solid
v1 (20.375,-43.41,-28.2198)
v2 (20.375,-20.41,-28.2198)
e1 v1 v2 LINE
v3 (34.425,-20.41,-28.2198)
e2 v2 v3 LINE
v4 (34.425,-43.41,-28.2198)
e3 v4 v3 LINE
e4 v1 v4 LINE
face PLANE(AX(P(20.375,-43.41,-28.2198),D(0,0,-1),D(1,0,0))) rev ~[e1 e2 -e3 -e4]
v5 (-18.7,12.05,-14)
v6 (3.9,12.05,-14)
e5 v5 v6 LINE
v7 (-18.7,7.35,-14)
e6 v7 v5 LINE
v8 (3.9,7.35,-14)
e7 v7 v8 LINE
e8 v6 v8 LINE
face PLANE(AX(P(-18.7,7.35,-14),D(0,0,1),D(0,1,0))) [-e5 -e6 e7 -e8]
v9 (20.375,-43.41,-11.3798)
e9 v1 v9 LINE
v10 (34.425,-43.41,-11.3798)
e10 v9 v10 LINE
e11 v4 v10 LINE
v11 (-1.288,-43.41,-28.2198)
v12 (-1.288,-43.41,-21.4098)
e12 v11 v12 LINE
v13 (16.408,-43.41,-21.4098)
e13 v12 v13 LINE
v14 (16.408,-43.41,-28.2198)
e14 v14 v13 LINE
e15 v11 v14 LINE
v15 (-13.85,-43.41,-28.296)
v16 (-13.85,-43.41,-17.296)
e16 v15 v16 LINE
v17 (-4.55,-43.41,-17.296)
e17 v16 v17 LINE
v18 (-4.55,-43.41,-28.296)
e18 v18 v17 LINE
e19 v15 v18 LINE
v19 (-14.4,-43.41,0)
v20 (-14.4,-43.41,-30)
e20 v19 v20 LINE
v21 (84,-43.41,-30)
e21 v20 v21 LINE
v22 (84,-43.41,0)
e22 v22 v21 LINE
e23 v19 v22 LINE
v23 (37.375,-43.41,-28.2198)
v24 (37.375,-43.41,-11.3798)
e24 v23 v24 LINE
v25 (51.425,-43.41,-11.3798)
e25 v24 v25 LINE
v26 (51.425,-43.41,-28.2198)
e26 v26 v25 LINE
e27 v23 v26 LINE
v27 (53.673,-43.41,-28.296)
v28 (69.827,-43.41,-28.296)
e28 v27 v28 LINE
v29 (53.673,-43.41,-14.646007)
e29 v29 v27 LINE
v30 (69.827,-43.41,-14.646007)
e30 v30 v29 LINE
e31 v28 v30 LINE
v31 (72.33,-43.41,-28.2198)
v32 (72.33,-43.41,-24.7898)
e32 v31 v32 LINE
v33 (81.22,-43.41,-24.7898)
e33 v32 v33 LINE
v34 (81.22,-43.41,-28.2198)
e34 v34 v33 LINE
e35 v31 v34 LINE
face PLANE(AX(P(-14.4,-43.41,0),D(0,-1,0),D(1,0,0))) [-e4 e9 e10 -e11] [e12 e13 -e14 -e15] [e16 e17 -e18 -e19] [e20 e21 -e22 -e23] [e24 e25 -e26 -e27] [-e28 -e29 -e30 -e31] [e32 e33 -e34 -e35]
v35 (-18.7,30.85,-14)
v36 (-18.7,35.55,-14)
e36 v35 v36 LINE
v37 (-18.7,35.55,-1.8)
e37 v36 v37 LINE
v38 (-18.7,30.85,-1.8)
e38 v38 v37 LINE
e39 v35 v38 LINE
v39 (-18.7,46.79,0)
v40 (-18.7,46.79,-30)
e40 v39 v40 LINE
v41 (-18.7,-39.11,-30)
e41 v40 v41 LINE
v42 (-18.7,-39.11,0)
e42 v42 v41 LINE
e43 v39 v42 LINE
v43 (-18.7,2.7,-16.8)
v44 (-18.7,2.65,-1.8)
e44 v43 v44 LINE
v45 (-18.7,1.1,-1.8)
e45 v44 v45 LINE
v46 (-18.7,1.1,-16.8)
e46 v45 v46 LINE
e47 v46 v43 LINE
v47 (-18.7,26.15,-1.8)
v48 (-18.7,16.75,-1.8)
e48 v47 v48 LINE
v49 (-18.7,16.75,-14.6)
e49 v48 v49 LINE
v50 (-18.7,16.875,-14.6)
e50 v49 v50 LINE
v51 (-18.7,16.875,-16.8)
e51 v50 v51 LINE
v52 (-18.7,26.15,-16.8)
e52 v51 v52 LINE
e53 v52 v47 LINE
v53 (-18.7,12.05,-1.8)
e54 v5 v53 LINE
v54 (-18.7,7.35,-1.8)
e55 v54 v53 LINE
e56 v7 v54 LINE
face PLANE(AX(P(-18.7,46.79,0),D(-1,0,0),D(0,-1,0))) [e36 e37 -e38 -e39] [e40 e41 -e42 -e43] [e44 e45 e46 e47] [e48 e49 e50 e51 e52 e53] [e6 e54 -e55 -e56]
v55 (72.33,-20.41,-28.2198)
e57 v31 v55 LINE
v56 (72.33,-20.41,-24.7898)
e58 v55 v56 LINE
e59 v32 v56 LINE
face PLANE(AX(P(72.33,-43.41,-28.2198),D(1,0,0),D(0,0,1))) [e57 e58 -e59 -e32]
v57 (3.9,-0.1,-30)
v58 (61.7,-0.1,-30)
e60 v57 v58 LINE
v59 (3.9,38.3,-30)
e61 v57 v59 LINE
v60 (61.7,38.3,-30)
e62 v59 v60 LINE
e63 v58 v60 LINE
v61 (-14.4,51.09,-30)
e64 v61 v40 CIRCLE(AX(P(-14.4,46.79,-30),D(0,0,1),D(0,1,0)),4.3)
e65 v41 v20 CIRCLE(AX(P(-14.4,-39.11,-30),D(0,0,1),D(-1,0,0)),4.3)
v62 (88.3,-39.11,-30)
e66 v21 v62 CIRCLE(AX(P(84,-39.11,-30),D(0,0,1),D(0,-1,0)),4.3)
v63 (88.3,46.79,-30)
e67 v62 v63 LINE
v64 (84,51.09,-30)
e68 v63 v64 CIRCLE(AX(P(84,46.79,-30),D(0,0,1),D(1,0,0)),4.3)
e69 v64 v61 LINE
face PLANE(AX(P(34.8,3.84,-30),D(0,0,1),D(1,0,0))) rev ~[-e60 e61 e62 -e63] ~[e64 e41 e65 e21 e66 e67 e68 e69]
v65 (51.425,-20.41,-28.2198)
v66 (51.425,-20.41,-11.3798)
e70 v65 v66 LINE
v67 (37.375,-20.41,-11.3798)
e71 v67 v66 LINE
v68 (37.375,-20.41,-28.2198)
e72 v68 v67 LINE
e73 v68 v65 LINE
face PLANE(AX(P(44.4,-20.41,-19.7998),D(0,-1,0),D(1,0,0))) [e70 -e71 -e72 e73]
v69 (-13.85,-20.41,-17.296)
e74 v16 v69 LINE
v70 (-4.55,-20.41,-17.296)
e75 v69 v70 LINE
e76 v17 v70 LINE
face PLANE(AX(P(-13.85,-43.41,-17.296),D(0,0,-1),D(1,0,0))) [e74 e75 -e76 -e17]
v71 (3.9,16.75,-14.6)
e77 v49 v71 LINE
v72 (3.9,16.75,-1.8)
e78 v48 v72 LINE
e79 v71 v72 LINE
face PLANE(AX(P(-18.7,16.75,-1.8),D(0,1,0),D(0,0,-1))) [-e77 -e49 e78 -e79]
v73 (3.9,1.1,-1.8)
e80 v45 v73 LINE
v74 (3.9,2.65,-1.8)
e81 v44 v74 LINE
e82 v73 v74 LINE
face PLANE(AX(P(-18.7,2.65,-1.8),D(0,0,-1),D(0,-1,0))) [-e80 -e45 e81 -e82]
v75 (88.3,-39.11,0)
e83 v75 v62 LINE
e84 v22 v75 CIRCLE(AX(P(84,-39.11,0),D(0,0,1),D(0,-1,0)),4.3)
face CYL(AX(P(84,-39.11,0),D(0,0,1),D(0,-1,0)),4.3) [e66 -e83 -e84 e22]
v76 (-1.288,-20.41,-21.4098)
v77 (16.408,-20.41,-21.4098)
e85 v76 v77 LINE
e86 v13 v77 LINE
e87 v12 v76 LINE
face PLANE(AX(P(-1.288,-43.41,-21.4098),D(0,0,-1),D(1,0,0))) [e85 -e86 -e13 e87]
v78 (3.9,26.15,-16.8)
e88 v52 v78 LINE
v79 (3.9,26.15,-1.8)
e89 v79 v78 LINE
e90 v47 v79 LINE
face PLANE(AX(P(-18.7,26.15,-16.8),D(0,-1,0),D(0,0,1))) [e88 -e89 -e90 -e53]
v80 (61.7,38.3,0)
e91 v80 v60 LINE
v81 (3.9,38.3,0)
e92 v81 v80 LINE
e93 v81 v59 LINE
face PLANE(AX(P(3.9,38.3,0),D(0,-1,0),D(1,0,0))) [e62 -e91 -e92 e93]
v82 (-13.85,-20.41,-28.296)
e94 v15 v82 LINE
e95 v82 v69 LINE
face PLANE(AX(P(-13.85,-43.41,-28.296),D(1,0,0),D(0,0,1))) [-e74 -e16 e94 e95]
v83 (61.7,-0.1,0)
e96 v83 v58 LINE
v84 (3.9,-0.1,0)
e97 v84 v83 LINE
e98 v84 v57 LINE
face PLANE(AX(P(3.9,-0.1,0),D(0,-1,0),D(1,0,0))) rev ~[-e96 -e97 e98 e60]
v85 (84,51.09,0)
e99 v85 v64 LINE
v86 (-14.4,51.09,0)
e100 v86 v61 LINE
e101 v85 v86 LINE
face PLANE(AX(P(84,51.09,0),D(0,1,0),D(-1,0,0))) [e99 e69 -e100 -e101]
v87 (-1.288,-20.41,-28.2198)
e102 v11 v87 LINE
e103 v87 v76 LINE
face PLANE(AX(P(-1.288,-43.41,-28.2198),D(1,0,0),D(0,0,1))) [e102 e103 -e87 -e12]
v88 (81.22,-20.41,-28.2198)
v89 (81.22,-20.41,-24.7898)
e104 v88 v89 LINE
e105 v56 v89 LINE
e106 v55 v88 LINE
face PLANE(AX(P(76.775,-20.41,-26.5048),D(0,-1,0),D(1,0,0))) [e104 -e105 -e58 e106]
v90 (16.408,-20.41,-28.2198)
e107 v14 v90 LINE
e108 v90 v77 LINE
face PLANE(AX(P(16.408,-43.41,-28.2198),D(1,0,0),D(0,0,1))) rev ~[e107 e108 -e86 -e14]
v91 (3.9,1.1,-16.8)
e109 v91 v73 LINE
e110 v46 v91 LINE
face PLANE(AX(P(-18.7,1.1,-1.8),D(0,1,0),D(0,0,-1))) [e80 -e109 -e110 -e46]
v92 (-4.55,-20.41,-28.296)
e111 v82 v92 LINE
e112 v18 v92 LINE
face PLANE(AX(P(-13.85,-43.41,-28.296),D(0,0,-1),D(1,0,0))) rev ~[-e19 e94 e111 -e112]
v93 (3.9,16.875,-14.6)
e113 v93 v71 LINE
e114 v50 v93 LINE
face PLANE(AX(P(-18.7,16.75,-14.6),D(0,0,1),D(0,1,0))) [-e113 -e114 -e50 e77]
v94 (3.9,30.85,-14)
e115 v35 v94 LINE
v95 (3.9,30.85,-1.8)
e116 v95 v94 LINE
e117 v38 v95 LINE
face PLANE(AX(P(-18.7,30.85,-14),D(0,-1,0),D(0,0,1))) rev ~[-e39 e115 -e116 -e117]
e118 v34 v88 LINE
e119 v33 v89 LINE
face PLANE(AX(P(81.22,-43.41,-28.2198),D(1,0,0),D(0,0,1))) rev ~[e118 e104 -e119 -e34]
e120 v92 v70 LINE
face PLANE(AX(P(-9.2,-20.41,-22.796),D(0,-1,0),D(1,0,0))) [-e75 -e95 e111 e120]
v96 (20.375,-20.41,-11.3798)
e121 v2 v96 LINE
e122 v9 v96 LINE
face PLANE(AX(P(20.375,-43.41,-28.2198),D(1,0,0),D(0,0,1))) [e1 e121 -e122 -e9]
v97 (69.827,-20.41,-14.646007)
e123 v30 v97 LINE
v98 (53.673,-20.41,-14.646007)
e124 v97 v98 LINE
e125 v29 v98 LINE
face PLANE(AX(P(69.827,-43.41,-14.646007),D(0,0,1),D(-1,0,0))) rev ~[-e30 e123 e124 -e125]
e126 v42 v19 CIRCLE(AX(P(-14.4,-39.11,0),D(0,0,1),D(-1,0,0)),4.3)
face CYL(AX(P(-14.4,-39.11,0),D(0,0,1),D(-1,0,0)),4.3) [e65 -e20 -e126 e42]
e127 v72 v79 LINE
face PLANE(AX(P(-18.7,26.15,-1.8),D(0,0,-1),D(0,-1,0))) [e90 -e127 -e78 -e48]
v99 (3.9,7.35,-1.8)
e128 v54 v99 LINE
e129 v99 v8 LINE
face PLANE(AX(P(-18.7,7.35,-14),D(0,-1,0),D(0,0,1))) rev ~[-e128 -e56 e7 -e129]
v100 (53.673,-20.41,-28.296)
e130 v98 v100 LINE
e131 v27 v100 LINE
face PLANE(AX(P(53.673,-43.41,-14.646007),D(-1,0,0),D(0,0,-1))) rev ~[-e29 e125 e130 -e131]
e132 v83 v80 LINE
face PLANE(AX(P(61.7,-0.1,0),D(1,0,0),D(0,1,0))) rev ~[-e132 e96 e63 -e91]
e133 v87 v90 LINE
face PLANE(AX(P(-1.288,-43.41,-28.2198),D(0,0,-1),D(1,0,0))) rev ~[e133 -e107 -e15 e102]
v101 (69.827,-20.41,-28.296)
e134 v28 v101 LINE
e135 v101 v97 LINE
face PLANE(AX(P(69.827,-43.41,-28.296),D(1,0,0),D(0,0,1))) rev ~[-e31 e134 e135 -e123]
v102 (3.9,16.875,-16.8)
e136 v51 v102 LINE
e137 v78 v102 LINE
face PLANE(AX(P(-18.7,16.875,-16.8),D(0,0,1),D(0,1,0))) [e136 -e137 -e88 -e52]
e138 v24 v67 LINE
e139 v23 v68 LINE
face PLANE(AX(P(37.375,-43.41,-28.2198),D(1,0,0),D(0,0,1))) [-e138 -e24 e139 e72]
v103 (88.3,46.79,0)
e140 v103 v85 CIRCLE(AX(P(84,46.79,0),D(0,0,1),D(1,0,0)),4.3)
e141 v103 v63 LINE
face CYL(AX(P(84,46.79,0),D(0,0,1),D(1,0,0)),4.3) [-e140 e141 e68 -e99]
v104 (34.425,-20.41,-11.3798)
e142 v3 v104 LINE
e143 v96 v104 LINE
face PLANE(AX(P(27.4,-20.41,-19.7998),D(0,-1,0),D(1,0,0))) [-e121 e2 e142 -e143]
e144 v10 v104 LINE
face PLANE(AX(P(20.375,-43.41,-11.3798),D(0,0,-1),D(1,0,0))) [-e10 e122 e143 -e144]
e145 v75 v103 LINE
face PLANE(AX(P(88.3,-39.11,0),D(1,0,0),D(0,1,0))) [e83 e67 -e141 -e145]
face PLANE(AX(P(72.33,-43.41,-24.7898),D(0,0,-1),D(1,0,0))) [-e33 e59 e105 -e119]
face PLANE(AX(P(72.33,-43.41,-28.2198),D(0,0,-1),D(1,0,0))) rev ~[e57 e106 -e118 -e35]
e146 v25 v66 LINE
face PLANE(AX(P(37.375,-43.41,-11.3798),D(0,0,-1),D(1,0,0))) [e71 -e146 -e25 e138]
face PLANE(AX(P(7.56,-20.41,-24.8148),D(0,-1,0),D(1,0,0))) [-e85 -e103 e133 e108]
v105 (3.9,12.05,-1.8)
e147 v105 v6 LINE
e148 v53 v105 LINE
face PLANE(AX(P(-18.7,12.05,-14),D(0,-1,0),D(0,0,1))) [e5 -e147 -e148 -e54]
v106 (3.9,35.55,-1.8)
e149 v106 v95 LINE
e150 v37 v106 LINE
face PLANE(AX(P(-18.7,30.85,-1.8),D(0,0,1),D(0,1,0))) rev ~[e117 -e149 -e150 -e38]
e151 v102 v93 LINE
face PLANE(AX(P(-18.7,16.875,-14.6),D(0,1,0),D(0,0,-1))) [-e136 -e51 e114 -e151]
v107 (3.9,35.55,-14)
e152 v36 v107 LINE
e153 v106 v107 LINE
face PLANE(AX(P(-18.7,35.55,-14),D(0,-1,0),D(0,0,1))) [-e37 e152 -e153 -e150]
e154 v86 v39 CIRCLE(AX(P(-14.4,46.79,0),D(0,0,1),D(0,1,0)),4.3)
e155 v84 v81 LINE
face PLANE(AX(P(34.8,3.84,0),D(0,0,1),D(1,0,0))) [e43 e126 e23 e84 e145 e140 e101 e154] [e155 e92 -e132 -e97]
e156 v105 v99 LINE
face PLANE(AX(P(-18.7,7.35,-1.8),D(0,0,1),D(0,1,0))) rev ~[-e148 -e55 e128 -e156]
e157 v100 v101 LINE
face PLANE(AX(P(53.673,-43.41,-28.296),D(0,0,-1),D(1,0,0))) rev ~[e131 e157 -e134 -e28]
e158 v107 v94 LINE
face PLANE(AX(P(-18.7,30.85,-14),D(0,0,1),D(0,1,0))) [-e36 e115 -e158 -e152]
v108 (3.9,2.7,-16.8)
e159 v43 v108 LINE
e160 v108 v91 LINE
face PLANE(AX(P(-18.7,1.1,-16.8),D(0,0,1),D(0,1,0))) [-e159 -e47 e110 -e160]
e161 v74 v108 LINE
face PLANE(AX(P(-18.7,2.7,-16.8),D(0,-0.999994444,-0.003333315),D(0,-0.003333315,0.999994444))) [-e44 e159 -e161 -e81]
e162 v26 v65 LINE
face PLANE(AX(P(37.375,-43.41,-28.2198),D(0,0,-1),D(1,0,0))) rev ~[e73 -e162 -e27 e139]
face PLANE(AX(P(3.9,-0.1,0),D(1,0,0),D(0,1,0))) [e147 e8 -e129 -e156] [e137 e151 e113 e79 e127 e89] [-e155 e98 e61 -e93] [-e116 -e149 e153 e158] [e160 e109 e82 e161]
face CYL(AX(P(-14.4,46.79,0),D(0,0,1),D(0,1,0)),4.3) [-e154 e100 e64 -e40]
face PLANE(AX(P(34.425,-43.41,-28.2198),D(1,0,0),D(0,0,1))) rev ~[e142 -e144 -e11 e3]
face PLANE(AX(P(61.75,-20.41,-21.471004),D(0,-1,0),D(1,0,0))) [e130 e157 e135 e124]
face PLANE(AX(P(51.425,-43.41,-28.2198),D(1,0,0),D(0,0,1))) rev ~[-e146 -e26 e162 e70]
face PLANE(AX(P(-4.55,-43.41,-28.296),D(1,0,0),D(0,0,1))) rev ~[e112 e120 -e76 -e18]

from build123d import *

# Parameters (mm, degrees)
SKETCH1_W           = 57.8
SKETCH1_H           = 38.4
BOSS_EXTRUDE1_DEPTH = 30
SKETCH2_W           = 8.89
SKETCH2_H           = 3.43
SKETCH2_W_2         = 14.05
SKETCH2_H_2         = 16.84
SKETCH2_W_3         = 17.696
SKETCH2_H_3         = 6.81
SKETCH2_W_4         = 9.3
SKETCH2_H_4         = 11
CUT_EXTRUDE1_DEPTH  = 23
SKETCH3_W           = 12.2
SKETCH3_H           = 4.7
CUT_EXTRUDE2_DEPTH  = 23


with BuildPart() as part:
    # Sketch1 → Boss-Extrude1 (new body)
    with BuildSketch(Plane.XY):
        with BuildLine():
            Line((84, 51.09), (-14.4, 51.09))
            ThreePointArc((-14.4, 51.09), (-17.440559159, 49.830559159), (-18.7, 46.79))
            Line((-18.7, 46.79), (-18.7, -39.11))
            ThreePointArc((-18.7, -39.11), (-17.440559159, -42.150559159), (-14.4, -43.41))
            Line((-14.4, -43.41), (84, -43.41))
            ThreePointArc((84, -43.41), (87.040559159, -42.150559159), (88.3, -39.11))
            Line((88.3, -39.11), (88.3, 46.79))
            ThreePointArc((88.3, 46.79), (87.040559159, 49.830559159), (84, 51.09))
        make_face()
        with Locations((32.8, 19.1)):
            Rectangle(SKETCH1_W, SKETCH1_H, mode=Mode.SUBTRACT)
    extrude(amount=-BOSS_EXTRUDE1_DEPTH)

    # Sketch2 → Cut-Extrude1 (cut)
    with BuildSketch(Plane.XZ.offset(43.41)):
        with Locations((76.775, -26.5048)):
            Rectangle(SKETCH2_W, SKETCH2_H)
        Polygon((66.12, -28.296), (68.12, -28.296), (69.827, -28.296), (69.827, -14.646007205), (68.12, -14.646007205), (66.12, -14.646007205), (57.38, -14.646007205), (55.38, -14.646007205), (53.673, -14.646007205), (53.673, -28.296), (55.38, -28.296), (57.38, -28.296), align=None)
        with Locations((44.4, -19.7998)):
            Rectangle(SKETCH2_W_2, SKETCH2_H_2)
        with Locations((27.4, -19.7998)):
            Rectangle(SKETCH2_W_2, SKETCH2_H_2)
        with Locations((7.56, -24.8148)):
            Rectangle(SKETCH2_W_3, SKETCH2_H_3)
        with Locations((-9.2, -22.796)):
            Rectangle(SKETCH2_W_4, SKETCH2_H_4)
    extrude(amount=-CUT_EXTRUDE1_DEPTH, mode=Mode.SUBTRACT)

    # Sketch3 → Cut-Extrude2 (cut)
    with BuildSketch(Plane.ZY.offset(18.7)):
        with Locations((-7.9, 33.2)):
            Rectangle(SKETCH3_W, SKETCH3_H)
        Polygon((-16.8, 26.15), (-1.8, 26.15), (-1.8, 16.75), (-14.6, 16.75), (-14.6, 16.875), (-16.8, 16.875), align=None)
        with Locations((-7.9, 9.7)):
            Rectangle(SKETCH3_W, SKETCH3_H)
        Polygon((-1.8, 1.1), (-16.8, 1.1), (-16.8, 2.7), (-1.8, 2.65), align=None)
    extrude(amount=-CUT_EXTRUDE2_DEPTH, mode=Mode.SUBTRACT)


solid = part.part
